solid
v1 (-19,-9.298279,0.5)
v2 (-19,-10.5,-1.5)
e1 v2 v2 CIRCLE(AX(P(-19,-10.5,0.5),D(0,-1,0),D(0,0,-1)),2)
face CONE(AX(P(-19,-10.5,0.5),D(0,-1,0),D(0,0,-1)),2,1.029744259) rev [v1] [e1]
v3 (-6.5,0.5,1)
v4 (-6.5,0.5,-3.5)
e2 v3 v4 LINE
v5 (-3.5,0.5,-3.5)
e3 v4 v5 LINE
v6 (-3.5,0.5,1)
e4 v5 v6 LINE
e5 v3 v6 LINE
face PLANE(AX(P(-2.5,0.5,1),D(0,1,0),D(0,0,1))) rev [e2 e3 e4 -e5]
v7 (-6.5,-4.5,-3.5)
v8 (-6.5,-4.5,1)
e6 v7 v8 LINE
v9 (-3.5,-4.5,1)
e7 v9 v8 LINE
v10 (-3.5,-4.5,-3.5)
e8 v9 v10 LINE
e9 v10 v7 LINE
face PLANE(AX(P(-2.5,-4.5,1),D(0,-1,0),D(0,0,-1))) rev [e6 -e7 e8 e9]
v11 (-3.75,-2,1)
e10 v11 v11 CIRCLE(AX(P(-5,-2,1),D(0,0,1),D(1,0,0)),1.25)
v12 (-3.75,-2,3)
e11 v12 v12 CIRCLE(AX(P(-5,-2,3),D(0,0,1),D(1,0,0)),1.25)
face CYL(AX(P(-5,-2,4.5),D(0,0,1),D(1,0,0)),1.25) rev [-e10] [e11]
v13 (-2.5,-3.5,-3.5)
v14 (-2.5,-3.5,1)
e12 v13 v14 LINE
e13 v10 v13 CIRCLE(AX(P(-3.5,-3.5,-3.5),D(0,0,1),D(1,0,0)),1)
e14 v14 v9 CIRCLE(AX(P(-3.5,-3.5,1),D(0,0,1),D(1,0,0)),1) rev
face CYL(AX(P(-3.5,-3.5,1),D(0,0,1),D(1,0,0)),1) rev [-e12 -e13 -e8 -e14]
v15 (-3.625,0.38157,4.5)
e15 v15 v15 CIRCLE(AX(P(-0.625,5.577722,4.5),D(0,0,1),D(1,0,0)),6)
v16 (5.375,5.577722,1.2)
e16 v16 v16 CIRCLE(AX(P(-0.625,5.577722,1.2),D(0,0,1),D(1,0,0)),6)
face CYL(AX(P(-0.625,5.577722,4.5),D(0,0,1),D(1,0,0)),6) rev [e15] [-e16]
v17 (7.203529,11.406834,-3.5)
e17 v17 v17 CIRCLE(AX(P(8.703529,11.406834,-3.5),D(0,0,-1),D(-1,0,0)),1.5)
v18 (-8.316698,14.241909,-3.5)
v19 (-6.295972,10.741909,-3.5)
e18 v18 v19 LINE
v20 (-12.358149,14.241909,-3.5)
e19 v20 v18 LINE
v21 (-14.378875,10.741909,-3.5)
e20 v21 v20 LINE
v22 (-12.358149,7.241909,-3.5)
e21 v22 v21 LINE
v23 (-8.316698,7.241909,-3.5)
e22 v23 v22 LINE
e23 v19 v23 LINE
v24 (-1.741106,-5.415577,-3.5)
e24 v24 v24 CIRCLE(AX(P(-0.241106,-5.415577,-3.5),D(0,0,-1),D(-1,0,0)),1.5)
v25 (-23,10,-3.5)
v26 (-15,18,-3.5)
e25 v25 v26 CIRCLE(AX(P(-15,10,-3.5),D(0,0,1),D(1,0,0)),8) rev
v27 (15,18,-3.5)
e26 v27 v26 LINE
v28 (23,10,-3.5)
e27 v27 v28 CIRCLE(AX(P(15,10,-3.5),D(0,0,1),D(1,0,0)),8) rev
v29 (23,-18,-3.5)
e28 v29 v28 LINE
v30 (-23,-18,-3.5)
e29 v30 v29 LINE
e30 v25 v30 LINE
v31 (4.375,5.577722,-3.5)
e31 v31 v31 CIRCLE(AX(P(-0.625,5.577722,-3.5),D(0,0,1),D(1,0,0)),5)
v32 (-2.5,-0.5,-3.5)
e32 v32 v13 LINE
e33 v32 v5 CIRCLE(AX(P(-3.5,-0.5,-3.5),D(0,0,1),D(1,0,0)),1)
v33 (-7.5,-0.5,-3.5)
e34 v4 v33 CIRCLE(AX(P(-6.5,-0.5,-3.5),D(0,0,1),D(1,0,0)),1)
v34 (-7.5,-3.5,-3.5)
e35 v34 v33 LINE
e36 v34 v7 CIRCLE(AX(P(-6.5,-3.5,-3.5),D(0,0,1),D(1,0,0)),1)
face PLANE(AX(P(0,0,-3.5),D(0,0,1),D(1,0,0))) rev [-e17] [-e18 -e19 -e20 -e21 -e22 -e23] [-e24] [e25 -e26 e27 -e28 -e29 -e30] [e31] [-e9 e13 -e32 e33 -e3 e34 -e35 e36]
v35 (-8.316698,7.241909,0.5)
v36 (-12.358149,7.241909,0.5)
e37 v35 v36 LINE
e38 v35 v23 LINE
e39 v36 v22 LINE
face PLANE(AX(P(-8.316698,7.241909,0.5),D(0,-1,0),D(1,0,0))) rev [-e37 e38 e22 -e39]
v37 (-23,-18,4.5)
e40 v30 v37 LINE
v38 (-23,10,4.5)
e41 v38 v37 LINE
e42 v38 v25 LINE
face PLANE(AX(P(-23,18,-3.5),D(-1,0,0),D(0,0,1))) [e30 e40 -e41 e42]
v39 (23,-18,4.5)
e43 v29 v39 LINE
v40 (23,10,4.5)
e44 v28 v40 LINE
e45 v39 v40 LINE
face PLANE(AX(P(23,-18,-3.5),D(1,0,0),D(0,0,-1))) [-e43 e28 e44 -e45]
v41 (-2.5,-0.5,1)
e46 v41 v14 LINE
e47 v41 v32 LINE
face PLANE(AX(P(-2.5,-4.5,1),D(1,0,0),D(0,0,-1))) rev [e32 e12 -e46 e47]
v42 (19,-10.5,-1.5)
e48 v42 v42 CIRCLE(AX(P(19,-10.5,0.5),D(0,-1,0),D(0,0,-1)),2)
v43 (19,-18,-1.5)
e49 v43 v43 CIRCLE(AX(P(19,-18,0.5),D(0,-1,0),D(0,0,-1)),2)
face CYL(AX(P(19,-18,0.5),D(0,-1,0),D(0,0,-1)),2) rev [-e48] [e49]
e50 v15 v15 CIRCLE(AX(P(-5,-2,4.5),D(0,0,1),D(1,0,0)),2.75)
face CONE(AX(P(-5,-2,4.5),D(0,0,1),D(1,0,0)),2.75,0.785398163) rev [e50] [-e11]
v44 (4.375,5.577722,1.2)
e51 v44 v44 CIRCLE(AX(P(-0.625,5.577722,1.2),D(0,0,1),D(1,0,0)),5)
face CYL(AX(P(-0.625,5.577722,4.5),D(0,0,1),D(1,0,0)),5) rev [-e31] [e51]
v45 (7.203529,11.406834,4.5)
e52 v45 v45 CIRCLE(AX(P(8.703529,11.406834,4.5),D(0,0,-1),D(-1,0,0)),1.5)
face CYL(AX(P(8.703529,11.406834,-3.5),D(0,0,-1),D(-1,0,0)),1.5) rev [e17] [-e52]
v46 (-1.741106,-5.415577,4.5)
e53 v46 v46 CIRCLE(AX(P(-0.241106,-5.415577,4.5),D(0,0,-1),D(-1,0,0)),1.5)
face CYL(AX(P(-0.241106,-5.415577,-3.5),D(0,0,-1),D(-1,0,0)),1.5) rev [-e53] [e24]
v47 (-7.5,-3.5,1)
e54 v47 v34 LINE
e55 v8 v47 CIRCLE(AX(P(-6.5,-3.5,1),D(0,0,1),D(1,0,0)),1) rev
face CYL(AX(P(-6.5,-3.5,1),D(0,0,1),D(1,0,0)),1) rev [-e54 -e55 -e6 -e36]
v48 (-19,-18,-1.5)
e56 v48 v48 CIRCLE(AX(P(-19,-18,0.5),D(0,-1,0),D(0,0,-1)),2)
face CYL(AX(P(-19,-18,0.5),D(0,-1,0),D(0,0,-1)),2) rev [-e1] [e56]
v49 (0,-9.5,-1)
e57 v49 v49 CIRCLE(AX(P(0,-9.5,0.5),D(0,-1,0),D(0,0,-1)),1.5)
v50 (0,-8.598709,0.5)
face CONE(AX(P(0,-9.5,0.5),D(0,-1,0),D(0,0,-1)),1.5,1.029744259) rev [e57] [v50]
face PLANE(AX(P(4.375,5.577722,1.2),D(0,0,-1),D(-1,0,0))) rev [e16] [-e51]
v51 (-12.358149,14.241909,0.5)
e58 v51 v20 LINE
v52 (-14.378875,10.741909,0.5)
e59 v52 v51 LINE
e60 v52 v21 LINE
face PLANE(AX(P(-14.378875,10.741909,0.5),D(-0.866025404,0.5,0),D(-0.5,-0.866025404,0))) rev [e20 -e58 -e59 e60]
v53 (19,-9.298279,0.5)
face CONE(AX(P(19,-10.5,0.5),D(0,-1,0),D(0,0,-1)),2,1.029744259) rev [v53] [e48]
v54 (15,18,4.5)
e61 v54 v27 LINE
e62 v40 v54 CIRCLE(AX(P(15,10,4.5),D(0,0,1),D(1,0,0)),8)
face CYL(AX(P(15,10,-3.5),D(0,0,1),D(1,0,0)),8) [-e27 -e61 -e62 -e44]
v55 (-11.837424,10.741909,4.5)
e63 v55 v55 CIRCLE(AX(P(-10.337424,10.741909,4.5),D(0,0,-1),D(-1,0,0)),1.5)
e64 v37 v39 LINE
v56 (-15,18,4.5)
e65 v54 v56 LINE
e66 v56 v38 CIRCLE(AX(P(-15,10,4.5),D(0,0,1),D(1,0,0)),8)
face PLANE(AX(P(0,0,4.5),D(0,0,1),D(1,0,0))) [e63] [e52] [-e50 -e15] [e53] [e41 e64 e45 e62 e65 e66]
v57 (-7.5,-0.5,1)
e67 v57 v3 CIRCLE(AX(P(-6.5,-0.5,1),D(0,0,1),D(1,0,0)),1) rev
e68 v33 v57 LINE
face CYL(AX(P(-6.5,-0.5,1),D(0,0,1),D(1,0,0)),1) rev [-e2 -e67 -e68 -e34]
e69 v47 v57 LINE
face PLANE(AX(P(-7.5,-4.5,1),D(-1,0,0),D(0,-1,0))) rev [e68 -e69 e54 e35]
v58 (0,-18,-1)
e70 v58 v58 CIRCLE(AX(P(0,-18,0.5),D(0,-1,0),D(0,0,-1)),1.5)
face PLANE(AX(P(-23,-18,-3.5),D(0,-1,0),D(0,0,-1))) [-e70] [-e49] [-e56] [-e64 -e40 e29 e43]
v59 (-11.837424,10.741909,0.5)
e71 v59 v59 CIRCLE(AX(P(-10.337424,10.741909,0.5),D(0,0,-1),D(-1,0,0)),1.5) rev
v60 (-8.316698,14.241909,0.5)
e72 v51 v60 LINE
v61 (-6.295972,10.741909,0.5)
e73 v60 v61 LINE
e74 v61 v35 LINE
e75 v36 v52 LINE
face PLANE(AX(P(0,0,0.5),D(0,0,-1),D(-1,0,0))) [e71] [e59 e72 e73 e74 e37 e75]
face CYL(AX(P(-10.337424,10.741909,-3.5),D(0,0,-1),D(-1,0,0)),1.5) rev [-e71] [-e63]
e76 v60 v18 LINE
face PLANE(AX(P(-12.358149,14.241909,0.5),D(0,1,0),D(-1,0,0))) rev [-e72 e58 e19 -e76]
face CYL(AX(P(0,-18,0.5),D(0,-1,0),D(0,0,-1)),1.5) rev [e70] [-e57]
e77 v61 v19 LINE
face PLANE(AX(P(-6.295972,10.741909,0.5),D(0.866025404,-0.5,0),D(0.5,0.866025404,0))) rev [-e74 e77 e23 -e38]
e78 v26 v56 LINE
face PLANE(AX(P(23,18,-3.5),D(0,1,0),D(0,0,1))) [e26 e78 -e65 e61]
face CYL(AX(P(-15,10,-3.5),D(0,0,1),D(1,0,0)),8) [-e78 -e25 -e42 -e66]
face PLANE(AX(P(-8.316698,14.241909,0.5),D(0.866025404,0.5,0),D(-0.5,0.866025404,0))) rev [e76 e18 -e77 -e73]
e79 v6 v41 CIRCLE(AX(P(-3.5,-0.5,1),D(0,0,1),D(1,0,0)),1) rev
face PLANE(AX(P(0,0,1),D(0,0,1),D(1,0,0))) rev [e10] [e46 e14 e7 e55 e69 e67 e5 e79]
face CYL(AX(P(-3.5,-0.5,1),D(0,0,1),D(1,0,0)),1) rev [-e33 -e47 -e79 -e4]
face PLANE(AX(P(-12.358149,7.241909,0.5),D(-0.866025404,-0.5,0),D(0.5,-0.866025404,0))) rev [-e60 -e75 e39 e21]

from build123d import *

# Parameters (mm, degrees)
SKETCH1_W                                         = 46
SKETCH1_H                                         = 36
BOSS_EXTRUDE1_DEPTH                               = 8
F_3_0MM_DOWEL_HOLE1_D                             = 3
F_3_0MM_DOWEL_HOLE1_DEPTH                         = 8.5
F_3_0MM_DOWEL_HOLE1_TIP                           = 0.901290929
F_4_0MM_DOWEL_HOLE1_D                             = 4
F_4_0MM_DOWEL_HOLE1_DEPTH                         = 7.5
F_4_0MM_DOWEL_HOLE1_TIP                           = 1.201721238
FILLET2_R                                         = 8
SKETCH16_W                                        = 5
SKETCH16_H                                        = 5
CUT_EXTRUDE1_DEPTH                                = 4.5
CSK_FOR_M2_5_FLAT_HEAD_MACHINE_SCREW1_D           = 2.5
CSK_FOR_M2_5_FLAT_HEAD_MACHINE_SCREW1_DEPTH       = 9.5
CSK_FOR_M2_5_FLAT_HEAD_MACHINE_SCREW1_CSINK_D     = 5.5
CSK_FOR_M2_5_FLAT_HEAD_MACHINE_SCREW1_CSINK_ANGLE = 90
CSK_FOR_M2_5_FLAT_HEAD_MACHINE_SCREW1_TIP         = 0.751075774
HOLE1_D                                           = 10
HOLE1_CBORE_D                                     = 12
HOLE1_CBORE_DEPTH                                 = 3.3
F_3_0_3_DIAMETER_HOLE1_D                          = 3
FILLET3_R                                         = 1
CUT_EXTRUDE2_DEPTH                                = 4


with BuildPart() as part:
    # Sketch1 → Boss-Extrude1 (new body)
    with BuildSketch(Plane.XY.offset(4.5)):
        Rectangle(SKETCH1_W, SKETCH1_H)
    extrude(amount=-BOSS_EXTRUDE1_DEPTH)

    # Ø3.0mm Dowel Hole1
    with Locations(Plane(origin=(0, -18, 0), x_dir=(-1, 0, 0), z_dir=(0, -1, 0))):
        with Locations((0, -0.5)):
            Hole(F_3_0MM_DOWEL_HOLE1_D / 2, depth=F_3_0MM_DOWEL_HOLE1_DEPTH)
            with Locations((0, 0, -(F_3_0MM_DOWEL_HOLE1_DEPTH + F_3_0MM_DOWEL_HOLE1_TIP / 2))):  # 118° drill point
                Cone(0, F_3_0MM_DOWEL_HOLE1_D / 2, F_3_0MM_DOWEL_HOLE1_TIP, mode=Mode.SUBTRACT)

    # Ø4.0mm Dowel Hole1
    with Locations(Plane(origin=(0, -18, 0), x_dir=(-1, 0, 0), z_dir=(0, -1, 0))):
        with Locations((19, -0.5), (-19, -0.5)):
            Hole(F_4_0MM_DOWEL_HOLE1_D / 2, depth=F_4_0MM_DOWEL_HOLE1_DEPTH)
            with Locations((0, 0, -(F_4_0MM_DOWEL_HOLE1_DEPTH + F_4_0MM_DOWEL_HOLE1_TIP / 2))):  # 118° drill point
                Cone(0, F_4_0MM_DOWEL_HOLE1_D / 2, F_4_0MM_DOWEL_HOLE1_TIP, mode=Mode.SUBTRACT)

    # Fillet2
    fillet2_edges = [part.edges().sort_by_distance(p)[0] for p in [
        (-23, 18, 0.5),
        (23, 18, 0.5),
    ]]
    fillet(fillet2_edges, radius=FILLET2_R)

    # Sketch16 → Cut-Extrude1 (cut)
    with BuildSketch(Plane(origin=(0, 0, -3.5), x_dir=(-1, 0, 0), z_dir=(0, 0, -1))):
        with Locations((5, -2)):
            Rectangle(SKETCH16_W, SKETCH16_H)
    extrude(amount=-CUT_EXTRUDE1_DEPTH, mode=Mode.SUBTRACT)

    # CSK for M2.5 Flat Head Machine Screw1
    with Locations(Plane(origin=(-5, -2, 4.5), x_dir=(1, 0, 0), z_dir=(0, 0, 1))):
        with Locations((0, 0)):
            CounterSinkHole(CSK_FOR_M2_5_FLAT_HEAD_MACHINE_SCREW1_D / 2, CSK_FOR_M2_5_FLAT_HEAD_MACHINE_SCREW1_CSINK_D / 2, depth=CSK_FOR_M2_5_FLAT_HEAD_MACHINE_SCREW1_DEPTH, counter_sink_angle=CSK_FOR_M2_5_FLAT_HEAD_MACHINE_SCREW1_CSINK_ANGLE)
            with Locations((0, 0, -(CSK_FOR_M2_5_FLAT_HEAD_MACHINE_SCREW1_DEPTH + CSK_FOR_M2_5_FLAT_HEAD_MACHINE_SCREW1_TIP / 2))):  # 118° drill point
                Cone(0, CSK_FOR_M2_5_FLAT_HEAD_MACHINE_SCREW1_D / 2, CSK_FOR_M2_5_FLAT_HEAD_MACHINE_SCREW1_TIP, mode=Mode.SUBTRACT)

    # Hole1 (through all)
    with Locations(Plane.XY.offset(4.5)):
        with Locations((-0.625, 5.577722283)):
            CounterBoreHole(HOLE1_D / 2, HOLE1_CBORE_D / 2, HOLE1_CBORE_DEPTH)

    # Ø3.0 (3) Diameter Hole1 (through all)
    with Locations(Plane(origin=(0, 0, -3.5), x_dir=(-1, 0, 0), z_dir=(0, 0, -1))):
        with Locations((-8.703529058, 11.40683419), (10.337423522, 10.741909474), (0.241105536, -5.415576814)):
            Hole(F_3_0_3_DIAMETER_HOLE1_D / 2)

    # Fillet3
    fillet3_edges = [part.edges().sort_by_distance(p)[0] for p in [
        (-7.5, 0.5, -1.25),
        (-7.5, -4.5, -1.25),
        (-2.5, -4.5, -1.25),
        (-2.5, 0.5, -1.25),
    ]]
    fillet(fillet3_edges, radius=FILLET3_R)

    # Sketch20 → Cut-Extrude2 (cut)
    with BuildSketch(Plane(origin=(0, 0, -3.5), x_dir=(-1, 0, 0), z_dir=(0, 0, -1))):
        Polygon((14.378875406, 10.741909474), (12.358149464, 14.241909474), (8.316697579, 14.241909474), (6.295971637, 10.741909474), (8.316697579, 7.241909474), (12.358149464, 7.241909474), align=None)
    extrude(amount=-CUT_EXTRUDE2_DEPTH, mode=Mode.SUBTRACT)


solid = part.part
